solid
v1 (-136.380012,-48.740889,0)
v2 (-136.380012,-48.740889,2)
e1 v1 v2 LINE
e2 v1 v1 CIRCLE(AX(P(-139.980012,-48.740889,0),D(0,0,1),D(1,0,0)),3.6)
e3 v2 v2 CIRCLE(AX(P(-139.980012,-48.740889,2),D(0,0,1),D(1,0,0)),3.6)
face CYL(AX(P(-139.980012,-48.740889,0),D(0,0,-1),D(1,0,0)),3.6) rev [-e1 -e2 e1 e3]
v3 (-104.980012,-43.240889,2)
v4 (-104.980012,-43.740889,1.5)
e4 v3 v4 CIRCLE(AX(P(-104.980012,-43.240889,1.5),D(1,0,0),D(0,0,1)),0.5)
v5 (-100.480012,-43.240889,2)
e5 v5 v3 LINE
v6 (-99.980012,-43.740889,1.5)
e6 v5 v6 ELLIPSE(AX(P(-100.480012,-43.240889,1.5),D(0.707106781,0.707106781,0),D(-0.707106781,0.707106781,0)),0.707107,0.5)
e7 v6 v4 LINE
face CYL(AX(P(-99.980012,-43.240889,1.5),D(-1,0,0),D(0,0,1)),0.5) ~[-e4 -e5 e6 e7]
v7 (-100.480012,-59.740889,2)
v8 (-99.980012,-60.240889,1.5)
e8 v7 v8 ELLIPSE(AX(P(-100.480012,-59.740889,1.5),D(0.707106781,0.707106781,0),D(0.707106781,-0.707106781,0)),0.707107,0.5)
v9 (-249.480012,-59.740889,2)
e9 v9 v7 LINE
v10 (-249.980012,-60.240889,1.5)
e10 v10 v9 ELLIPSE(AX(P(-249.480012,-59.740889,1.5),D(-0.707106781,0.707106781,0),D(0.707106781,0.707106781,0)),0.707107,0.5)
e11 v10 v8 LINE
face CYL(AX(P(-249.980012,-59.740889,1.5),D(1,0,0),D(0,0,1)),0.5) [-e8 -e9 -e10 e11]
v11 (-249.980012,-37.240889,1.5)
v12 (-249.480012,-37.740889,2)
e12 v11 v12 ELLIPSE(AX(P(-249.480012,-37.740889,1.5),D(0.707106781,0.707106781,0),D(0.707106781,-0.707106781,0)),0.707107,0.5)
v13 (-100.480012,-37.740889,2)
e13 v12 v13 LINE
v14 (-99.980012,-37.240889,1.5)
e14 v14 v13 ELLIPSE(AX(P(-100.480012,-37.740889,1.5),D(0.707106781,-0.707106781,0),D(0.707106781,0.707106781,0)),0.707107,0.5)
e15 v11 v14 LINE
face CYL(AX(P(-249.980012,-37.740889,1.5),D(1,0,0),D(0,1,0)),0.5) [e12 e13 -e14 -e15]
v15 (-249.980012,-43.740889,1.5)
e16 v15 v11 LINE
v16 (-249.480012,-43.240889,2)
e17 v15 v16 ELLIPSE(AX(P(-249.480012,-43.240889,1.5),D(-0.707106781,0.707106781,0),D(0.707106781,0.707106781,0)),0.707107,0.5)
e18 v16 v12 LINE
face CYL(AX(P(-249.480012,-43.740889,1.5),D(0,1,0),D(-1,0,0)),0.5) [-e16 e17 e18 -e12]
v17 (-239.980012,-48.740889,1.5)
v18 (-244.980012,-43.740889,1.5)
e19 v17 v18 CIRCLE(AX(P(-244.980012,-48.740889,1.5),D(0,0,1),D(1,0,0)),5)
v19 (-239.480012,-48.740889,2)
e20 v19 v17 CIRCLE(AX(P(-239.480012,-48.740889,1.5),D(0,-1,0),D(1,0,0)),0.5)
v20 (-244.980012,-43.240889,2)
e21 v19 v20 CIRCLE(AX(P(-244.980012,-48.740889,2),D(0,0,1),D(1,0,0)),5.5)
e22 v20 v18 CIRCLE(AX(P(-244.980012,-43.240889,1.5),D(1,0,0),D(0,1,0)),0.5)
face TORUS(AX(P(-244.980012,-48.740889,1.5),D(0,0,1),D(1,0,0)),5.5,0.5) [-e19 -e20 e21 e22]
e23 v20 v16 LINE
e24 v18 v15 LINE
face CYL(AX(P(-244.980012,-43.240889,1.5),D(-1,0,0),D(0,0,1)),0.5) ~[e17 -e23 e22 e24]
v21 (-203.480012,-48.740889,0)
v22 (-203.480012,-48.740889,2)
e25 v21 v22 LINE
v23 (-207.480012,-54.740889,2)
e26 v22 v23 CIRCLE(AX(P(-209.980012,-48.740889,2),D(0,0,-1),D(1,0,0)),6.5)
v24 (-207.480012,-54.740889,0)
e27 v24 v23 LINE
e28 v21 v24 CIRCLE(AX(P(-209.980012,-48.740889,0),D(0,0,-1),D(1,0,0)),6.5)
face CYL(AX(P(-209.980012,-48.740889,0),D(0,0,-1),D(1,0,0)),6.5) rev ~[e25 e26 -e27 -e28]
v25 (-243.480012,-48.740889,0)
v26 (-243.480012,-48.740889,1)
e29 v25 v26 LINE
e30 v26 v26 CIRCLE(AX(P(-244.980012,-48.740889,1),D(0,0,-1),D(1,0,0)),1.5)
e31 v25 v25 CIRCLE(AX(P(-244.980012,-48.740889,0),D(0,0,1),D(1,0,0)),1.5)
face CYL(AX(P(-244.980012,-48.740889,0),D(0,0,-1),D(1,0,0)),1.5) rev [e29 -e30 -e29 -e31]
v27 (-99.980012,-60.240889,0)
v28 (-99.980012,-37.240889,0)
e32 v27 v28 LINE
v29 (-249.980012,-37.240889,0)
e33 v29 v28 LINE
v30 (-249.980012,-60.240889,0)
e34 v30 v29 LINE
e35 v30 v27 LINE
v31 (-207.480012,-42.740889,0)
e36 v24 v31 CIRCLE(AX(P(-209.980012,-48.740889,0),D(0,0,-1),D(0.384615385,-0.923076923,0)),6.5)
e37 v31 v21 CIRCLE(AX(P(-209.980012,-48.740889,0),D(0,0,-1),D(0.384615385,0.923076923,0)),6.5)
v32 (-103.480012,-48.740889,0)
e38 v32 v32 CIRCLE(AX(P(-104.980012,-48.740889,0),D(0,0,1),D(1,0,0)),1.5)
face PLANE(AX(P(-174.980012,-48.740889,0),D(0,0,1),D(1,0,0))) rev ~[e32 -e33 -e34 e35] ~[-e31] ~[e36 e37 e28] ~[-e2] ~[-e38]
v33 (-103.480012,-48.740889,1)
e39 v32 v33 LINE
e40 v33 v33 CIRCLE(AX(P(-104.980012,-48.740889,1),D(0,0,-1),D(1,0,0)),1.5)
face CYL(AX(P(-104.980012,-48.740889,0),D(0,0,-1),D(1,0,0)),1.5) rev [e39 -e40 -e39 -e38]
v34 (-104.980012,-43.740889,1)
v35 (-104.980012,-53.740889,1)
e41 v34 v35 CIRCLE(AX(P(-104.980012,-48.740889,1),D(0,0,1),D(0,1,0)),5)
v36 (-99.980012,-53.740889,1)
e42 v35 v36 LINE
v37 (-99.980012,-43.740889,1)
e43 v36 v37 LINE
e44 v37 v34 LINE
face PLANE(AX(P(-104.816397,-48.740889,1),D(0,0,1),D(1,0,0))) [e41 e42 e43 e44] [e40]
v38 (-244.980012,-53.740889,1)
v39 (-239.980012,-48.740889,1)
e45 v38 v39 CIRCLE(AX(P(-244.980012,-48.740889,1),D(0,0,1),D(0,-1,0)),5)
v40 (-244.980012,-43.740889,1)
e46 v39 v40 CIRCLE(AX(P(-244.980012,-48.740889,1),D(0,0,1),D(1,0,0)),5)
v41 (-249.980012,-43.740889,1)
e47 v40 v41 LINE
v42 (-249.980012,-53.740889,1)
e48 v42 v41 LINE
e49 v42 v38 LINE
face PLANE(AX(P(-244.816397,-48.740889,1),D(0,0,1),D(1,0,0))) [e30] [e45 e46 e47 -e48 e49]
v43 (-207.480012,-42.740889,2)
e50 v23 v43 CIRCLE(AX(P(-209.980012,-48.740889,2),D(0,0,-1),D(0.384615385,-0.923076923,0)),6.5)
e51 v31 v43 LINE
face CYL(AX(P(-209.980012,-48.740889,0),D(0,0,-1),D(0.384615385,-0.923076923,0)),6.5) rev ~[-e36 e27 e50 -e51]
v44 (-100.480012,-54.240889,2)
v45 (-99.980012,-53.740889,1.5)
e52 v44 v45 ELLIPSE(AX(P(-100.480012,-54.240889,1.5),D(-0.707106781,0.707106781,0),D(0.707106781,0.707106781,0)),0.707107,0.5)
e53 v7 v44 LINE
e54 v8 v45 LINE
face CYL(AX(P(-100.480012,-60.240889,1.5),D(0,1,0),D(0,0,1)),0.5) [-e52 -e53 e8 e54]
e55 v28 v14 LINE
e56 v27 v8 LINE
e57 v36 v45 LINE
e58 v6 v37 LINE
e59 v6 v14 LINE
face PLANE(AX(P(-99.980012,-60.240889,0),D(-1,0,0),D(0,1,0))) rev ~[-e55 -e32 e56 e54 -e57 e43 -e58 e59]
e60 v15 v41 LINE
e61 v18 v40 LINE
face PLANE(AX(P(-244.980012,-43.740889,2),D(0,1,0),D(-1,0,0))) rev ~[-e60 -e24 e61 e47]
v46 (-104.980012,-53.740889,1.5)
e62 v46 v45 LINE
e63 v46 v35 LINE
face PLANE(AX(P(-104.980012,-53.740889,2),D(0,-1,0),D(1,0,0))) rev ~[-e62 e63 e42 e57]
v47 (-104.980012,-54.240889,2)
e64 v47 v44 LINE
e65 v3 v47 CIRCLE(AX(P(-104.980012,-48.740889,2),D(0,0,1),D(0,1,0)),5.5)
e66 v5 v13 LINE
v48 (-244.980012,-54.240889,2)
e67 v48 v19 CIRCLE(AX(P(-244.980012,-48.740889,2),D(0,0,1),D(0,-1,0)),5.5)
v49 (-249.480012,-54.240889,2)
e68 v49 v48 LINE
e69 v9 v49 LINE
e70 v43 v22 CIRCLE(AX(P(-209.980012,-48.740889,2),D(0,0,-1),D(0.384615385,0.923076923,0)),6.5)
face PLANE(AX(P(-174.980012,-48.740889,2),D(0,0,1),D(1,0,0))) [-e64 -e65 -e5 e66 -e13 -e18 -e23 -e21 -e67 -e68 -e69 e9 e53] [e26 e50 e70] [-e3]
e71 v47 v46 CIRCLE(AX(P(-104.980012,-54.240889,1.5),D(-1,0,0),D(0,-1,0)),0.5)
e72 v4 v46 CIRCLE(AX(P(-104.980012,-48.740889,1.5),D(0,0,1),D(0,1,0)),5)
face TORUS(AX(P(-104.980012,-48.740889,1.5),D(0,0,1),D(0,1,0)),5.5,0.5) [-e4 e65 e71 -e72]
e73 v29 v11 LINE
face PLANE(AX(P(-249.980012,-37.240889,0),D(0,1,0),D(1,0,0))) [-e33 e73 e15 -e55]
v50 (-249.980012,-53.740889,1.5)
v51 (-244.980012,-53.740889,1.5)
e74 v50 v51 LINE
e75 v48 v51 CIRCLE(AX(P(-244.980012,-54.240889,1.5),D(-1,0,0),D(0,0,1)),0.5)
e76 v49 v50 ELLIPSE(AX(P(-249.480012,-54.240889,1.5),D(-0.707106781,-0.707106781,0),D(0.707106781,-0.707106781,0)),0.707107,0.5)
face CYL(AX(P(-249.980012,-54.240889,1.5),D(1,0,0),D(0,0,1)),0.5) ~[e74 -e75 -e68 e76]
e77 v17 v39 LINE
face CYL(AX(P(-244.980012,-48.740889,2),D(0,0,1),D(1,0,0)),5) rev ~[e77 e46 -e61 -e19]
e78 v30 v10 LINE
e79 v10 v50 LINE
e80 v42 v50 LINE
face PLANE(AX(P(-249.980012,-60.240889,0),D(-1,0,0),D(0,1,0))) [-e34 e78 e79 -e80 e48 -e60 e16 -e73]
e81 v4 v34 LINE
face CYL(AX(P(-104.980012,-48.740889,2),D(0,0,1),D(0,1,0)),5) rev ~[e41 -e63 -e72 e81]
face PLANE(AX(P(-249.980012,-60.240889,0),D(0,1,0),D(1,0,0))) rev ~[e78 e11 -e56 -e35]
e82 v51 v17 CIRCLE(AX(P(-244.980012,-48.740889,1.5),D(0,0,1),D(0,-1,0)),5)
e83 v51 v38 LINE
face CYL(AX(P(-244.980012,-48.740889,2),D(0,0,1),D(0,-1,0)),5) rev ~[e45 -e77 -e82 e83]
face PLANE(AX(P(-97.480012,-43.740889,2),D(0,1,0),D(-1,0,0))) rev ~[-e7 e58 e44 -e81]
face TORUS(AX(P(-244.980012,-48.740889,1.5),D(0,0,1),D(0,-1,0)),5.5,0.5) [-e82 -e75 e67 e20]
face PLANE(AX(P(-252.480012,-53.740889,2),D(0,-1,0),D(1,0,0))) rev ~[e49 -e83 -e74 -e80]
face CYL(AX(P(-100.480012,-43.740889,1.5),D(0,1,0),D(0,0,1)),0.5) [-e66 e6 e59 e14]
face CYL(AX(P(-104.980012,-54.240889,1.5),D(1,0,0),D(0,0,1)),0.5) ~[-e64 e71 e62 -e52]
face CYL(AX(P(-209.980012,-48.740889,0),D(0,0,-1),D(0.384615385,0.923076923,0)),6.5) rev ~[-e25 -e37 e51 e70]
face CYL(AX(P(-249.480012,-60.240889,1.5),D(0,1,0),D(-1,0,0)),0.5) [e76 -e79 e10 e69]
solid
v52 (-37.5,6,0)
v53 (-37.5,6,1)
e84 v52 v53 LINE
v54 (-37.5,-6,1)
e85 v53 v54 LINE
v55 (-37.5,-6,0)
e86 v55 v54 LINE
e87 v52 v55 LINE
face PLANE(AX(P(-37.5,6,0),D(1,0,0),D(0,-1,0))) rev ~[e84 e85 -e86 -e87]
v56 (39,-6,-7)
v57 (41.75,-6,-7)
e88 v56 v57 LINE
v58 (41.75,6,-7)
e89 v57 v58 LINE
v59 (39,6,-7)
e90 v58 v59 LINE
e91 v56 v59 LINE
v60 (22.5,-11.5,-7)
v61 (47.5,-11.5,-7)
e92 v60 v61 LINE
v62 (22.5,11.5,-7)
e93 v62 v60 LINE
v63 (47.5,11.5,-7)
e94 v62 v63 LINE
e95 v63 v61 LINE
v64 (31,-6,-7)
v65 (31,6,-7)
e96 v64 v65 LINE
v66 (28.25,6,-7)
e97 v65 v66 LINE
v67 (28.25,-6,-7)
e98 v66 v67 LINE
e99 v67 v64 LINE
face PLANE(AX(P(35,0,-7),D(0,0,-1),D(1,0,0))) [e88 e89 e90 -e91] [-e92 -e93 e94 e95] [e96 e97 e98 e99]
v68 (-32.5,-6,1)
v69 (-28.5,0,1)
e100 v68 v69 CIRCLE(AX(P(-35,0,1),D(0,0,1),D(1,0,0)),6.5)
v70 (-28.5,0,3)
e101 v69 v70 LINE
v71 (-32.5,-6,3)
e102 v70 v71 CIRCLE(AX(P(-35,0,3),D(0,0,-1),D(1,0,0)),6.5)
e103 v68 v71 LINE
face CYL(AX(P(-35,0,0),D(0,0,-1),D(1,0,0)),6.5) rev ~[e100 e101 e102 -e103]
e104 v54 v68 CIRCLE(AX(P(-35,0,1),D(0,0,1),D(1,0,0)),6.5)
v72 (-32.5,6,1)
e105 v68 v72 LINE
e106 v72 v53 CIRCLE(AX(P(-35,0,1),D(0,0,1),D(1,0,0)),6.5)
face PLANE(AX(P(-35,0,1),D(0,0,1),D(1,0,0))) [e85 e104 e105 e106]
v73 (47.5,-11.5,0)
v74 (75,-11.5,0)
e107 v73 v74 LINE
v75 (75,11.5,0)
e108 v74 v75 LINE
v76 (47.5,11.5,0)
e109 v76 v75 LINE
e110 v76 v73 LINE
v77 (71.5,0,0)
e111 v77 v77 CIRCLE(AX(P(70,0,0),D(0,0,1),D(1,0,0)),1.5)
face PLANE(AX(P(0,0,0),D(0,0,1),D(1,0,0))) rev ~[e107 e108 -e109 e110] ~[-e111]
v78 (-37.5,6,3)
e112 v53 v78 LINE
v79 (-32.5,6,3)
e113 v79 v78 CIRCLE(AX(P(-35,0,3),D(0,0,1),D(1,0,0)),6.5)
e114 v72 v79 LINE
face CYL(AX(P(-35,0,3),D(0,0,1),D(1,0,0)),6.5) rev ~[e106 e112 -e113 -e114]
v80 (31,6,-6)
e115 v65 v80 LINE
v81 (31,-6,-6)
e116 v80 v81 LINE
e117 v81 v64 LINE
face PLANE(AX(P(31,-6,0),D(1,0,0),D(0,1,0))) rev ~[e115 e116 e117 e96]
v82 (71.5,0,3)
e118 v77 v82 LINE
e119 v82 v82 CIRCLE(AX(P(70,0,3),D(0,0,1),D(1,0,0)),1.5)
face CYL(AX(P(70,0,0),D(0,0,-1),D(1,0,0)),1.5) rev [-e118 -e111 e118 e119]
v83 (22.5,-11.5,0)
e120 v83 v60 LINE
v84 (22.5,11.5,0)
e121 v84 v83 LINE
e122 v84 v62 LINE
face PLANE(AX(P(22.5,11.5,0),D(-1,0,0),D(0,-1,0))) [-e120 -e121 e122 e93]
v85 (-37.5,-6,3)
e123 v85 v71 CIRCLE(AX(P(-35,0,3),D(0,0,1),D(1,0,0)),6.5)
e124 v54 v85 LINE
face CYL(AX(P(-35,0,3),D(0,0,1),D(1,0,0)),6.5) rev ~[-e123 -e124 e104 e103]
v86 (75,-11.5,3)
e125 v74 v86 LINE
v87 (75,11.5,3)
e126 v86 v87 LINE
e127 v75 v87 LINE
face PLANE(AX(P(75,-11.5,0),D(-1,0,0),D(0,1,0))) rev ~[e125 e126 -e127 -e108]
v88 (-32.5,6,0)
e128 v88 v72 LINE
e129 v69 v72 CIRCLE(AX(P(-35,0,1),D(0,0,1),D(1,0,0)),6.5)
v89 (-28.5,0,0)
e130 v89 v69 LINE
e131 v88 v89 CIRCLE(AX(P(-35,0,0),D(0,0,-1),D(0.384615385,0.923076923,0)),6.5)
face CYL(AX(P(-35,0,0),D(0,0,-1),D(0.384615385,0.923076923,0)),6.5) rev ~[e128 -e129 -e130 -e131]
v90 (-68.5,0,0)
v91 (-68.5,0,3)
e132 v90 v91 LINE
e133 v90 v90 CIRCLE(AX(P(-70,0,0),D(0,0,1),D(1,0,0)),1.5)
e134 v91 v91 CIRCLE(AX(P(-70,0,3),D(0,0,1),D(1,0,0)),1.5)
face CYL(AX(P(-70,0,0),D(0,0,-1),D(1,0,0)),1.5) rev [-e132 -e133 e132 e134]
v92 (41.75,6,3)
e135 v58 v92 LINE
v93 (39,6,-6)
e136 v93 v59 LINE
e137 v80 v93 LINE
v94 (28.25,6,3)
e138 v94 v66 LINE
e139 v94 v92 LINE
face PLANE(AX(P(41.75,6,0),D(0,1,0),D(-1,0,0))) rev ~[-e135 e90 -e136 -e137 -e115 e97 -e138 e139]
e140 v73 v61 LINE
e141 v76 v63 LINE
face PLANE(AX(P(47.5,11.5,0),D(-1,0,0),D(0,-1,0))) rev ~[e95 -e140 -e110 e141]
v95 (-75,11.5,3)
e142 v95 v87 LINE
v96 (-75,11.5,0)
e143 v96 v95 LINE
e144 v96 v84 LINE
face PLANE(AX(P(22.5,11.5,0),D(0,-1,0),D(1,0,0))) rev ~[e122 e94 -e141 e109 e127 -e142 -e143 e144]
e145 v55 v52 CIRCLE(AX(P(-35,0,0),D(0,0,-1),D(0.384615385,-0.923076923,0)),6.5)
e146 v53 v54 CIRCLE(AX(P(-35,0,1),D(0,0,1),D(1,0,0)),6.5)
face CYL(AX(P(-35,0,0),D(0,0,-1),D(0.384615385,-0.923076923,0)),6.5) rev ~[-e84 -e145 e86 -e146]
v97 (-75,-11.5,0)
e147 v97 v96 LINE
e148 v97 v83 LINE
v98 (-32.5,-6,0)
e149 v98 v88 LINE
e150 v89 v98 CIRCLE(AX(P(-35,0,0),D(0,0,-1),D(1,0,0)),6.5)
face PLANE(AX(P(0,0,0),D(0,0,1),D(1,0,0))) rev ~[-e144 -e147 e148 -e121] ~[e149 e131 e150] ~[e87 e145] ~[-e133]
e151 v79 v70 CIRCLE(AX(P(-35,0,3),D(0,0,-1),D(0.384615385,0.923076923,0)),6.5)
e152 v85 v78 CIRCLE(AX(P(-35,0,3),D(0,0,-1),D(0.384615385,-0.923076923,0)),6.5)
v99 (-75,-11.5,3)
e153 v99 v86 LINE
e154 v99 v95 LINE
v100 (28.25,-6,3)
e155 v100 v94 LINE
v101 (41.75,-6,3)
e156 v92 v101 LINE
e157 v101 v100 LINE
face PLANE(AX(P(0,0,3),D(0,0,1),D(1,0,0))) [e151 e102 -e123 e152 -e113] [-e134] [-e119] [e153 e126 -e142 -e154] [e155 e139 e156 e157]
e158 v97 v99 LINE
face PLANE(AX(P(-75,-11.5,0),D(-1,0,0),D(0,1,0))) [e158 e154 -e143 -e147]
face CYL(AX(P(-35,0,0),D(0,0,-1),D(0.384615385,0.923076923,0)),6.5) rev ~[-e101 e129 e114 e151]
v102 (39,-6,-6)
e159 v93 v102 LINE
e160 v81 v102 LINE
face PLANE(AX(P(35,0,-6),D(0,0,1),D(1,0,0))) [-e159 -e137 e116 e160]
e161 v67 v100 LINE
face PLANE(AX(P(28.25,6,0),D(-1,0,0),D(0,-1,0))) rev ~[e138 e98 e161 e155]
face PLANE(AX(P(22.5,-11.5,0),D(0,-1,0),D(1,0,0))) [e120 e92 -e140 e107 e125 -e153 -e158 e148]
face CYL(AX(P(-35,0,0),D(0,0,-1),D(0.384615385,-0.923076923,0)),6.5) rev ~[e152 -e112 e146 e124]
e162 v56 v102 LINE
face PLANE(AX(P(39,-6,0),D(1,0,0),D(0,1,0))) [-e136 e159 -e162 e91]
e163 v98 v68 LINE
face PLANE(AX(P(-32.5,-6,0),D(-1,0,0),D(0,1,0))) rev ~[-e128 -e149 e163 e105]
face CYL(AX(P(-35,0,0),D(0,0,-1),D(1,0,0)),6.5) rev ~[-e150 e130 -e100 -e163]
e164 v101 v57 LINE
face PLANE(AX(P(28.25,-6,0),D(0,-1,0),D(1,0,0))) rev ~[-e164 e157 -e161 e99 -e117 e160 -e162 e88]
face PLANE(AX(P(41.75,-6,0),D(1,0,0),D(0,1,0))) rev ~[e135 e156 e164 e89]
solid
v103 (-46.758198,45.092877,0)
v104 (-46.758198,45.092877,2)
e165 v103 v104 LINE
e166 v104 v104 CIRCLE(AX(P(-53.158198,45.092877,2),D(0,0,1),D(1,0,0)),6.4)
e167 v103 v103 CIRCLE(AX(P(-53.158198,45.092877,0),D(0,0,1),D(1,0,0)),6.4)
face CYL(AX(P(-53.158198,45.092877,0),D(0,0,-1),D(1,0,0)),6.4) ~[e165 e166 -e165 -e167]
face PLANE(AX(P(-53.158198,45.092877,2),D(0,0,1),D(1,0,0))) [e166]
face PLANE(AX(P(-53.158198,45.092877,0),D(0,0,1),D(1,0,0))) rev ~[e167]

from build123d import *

# Parameters (mm, degrees)
F0_W      = 150
F0_H      = 23
F0_R      = 1.5
F0_W_2    = 8
F0_H_2    = 12
F1_DEPTH  = 3
F2_W      = 150
F2_H      = 23
F2_R      = 1.5
F2_R_2    = 3.6
F3_DEPTH  = 2
F4_W      = 25
F4_H      = 23
F5_DEPTH  = 7
F6_W      = 13.5
F6_H      = 12
F7_DEPTH  = 9
F8_R      = 6.5
F9_DEPTH  = 2
F10_R     = 6.4
F11_DEPTH = 2
F13_DEPTH = 1
F14_R     = 0.5


with BuildPart() as f1:
    # F0 (on Top) → F1 (new body)
    with BuildSketch(Plane.XY):
        Rectangle(F0_W, F0_H)
        with Locations((-70, 0)):
            Circle(F0_R, mode=Mode.SUBTRACT)
        with BuildLine():
            ThreePointArc((-32.5, 6), (-29.5916730868, 3.6055512755), (-28.5, 0))
            ThreePointArc((-28.5, 0), (-29.5916730868, -3.6055512755), (-32.5, -6))
            ThreePointArc((-32.5, -6), (-35, -6.5), (-37.5, -6))
            ThreePointArc((-37.5, -6), (-41.5, 0), (-37.5, 6))
            ThreePointArc((-37.5, 6), (-35, 6.5), (-32.5, 6))
        make_face(mode=Mode.SUBTRACT)
        Polygon((41.75, 6), (41.75, -6), (39, -6), (31, -6), (28.25, -6), (28.25, 6), (31, 6), (39, 6), align=None, mode=Mode.SUBTRACT)
        with Locations((70, 0)):
            Circle(F0_R, mode=Mode.SUBTRACT)
        with Locations((35, 0)):
            Rectangle(F0_W_2, F0_H_2)
        with BuildLine():
            Line((-32.5, -6), (-32.5, 6))
            ThreePointArc((-32.5, 6), (-35, 6.5), (-37.5, 6))
            Line((-37.5, 6), (-37.5, -6))
            ThreePointArc((-37.5, -6), (-35, -6.5), (-32.5, -6))
        make_face()
    extrude(amount=F1_DEPTH)

    # F4 (on face) + F0 (on Top) → F5 (join)
    with BuildSketch(Plane(origin=(0, 0, 0), x_dir=(1, 0, 0), z_dir=(0, 0, -1))):
        with Locations((35, 0)):
            Rectangle(F4_W, F4_H)
        Polygon((41.75, 6), (41.75, -6), (39, -6), (31, -6), (28.25, -6), (28.25, 6), (31, 6), (39, 6), align=None, mode=Mode.SUBTRACT)
    with BuildSketch(Plane.XY):
        with Locations((35, 0)):
            Rectangle(F0_W_2, F0_H_2)
    extrude(amount=F5_DEPTH, dir=(0, 0, -1))

    # F6 (on face) → F7 (cut)
    with BuildSketch(Plane.XY.offset(3)):
        with Locations((35, 0)):
            Rectangle(F6_W, F6_H)
    extrude(amount=-F7_DEPTH, mode=Mode.SUBTRACT)

    # F8 (on face) → F9 (cut)
    with BuildSketch(Plane.XY.offset(3)):
        with Locations((-35, 0)):
            Circle(F8_R)
    extrude(amount=-F9_DEPTH, mode=Mode.SUBTRACT)


with BuildPart() as f3:
    # F2 (on Top) → F3 (new body)
    with BuildSketch(Plane.XY):
        with Locations((-174.9800115824, -48.7408889234)):
            Rectangle(F2_W, F2_H)
        with Locations((-244.9800115824, -48.7408889234)):
            Circle(F2_R, mode=Mode.SUBTRACT)
        with BuildLine():
            ThreePointArc((-207.4800115824, -42.7408889234), (-204.5716846692, -45.1353376479), (-203.4800115824, -48.7408889234))
            ThreePointArc((-203.4800115824, -48.7408889234), (-204.5716846692, -52.3464401989), (-207.4800115824, -54.7408889234))
            ThreePointArc((-207.4800115824, -54.7408889234), (-209.9800115824, -55.2408889234), (-212.4800115824, -54.7408889234))
            ThreePointArc((-212.4800115824, -54.7408889234), (-216.4800115824, -48.7408889234), (-212.4800115824, -42.7408889234))
            ThreePointArc((-212.4800115824, -42.7408889234), (-209.9800115824, -42.2408889234), (-207.4800115824, -42.7408889234))
        make_face(mode=Mode.SUBTRACT)
        with Locations((-139.9800115824, -48.7408889234)):
            Circle(F2_R_2, mode=Mode.SUBTRACT)
        with Locations((-104.9800115824, -48.7408889234)):
            Circle(F2_R, mode=Mode.SUBTRACT)
    extrude(amount=F3_DEPTH)

    # F12 (on face) → F13 (cut)
    with BuildSketch(Plane.XY.offset(2)):
        with BuildLine():
            ThreePointArc((-244.9800115824, -53.7408889234), (-241.4444776764, -52.2764228293), (-239.9800115824, -48.7408889234))
            ThreePointArc((-239.9800115824, -48.7408889234), (-241.4444776764, -45.2053550175), (-244.9800115824, -43.7408889234))
            ThreePointArc((-244.9800115824, -43.7408889234), (-249.9800115824, -48.7408889234), (-244.9800115824, -53.7408889234))
        make_face()
        with BuildLine():
            ThreePointArc((-244.9800115824, -53.7408889234), (-249.9800115824, -48.7408889234), (-244.9800115824, -43.7408889234))
            Line((-244.9800115824, -43.7408889234), (-252.4800115824, -43.7408889234))
            Line((-252.4800115824, -43.7408889234), (-252.4800115824, -53.7408889234))
            Line((-252.4800115824, -53.7408889234), (-244.9800115824, -53.7408889234))
        make_face()
        with BuildLine():
            ThreePointArc((-104.9800115824, -53.7408889234), (-101.4444776764, -52.2764228293), (-99.9800115824, -48.7408889234))
            ThreePointArc((-99.9800115824, -48.7408889234), (-101.4444776764, -45.2053550175), (-104.9800115824, -43.7408889234))
            ThreePointArc((-104.9800115824, -43.7408889234), (-109.9800115824, -48.7408889234), (-104.9800115824, -53.7408889234))
        make_face()
        with BuildLine():
            ThreePointArc((-104.9800115824, -43.7408889234), (-101.4444776764, -45.2053550175), (-99.9800115824, -48.7408889234))
            ThreePointArc((-99.9800115824, -48.7408889234), (-101.4444776764, -52.2764228293), (-104.9800115824, -53.7408889234))
            Line((-104.9800115824, -53.7408889234), (-97.4800115824, -53.7408889234))
            Line((-97.4800115824, -53.7408889234), (-97.4800115824, -43.7408889234))
            Line((-97.4800115824, -43.7408889234), (-104.9800115824, -43.7408889234))
        make_face()
    extrude(amount=-F13_DEPTH, mode=Mode.SUBTRACT)

    # F14
    f14_edges = [f3.edges().sort_by_distance(p)[0] for p in [
        (-174.980012, -37.240889, 2),
        (-249.980012, -40.490889, 2),
        (-247.480012, -43.740889, 2),
        (-249.980012, -56.990889, 2),
        (-174.980012, -60.240889, 2),
        (-99.980012, -56.990889, 2),
        (-102.480012, -53.740889, 2),
        (-99.980012, -40.490889, 2),
    ]]
    fillet(f14_edges, radius=F14_R)


with BuildPart() as f11:
    # F10 (on Top) → F11 (new body)
    with BuildSketch(Plane.XY):
        with Locations((-53.158197552, 45.0928770006)):
            Circle(F10_R)
    extrude(amount=F11_DEPTH)


solid = Compound([f1.part, f3.part, f11.part])
